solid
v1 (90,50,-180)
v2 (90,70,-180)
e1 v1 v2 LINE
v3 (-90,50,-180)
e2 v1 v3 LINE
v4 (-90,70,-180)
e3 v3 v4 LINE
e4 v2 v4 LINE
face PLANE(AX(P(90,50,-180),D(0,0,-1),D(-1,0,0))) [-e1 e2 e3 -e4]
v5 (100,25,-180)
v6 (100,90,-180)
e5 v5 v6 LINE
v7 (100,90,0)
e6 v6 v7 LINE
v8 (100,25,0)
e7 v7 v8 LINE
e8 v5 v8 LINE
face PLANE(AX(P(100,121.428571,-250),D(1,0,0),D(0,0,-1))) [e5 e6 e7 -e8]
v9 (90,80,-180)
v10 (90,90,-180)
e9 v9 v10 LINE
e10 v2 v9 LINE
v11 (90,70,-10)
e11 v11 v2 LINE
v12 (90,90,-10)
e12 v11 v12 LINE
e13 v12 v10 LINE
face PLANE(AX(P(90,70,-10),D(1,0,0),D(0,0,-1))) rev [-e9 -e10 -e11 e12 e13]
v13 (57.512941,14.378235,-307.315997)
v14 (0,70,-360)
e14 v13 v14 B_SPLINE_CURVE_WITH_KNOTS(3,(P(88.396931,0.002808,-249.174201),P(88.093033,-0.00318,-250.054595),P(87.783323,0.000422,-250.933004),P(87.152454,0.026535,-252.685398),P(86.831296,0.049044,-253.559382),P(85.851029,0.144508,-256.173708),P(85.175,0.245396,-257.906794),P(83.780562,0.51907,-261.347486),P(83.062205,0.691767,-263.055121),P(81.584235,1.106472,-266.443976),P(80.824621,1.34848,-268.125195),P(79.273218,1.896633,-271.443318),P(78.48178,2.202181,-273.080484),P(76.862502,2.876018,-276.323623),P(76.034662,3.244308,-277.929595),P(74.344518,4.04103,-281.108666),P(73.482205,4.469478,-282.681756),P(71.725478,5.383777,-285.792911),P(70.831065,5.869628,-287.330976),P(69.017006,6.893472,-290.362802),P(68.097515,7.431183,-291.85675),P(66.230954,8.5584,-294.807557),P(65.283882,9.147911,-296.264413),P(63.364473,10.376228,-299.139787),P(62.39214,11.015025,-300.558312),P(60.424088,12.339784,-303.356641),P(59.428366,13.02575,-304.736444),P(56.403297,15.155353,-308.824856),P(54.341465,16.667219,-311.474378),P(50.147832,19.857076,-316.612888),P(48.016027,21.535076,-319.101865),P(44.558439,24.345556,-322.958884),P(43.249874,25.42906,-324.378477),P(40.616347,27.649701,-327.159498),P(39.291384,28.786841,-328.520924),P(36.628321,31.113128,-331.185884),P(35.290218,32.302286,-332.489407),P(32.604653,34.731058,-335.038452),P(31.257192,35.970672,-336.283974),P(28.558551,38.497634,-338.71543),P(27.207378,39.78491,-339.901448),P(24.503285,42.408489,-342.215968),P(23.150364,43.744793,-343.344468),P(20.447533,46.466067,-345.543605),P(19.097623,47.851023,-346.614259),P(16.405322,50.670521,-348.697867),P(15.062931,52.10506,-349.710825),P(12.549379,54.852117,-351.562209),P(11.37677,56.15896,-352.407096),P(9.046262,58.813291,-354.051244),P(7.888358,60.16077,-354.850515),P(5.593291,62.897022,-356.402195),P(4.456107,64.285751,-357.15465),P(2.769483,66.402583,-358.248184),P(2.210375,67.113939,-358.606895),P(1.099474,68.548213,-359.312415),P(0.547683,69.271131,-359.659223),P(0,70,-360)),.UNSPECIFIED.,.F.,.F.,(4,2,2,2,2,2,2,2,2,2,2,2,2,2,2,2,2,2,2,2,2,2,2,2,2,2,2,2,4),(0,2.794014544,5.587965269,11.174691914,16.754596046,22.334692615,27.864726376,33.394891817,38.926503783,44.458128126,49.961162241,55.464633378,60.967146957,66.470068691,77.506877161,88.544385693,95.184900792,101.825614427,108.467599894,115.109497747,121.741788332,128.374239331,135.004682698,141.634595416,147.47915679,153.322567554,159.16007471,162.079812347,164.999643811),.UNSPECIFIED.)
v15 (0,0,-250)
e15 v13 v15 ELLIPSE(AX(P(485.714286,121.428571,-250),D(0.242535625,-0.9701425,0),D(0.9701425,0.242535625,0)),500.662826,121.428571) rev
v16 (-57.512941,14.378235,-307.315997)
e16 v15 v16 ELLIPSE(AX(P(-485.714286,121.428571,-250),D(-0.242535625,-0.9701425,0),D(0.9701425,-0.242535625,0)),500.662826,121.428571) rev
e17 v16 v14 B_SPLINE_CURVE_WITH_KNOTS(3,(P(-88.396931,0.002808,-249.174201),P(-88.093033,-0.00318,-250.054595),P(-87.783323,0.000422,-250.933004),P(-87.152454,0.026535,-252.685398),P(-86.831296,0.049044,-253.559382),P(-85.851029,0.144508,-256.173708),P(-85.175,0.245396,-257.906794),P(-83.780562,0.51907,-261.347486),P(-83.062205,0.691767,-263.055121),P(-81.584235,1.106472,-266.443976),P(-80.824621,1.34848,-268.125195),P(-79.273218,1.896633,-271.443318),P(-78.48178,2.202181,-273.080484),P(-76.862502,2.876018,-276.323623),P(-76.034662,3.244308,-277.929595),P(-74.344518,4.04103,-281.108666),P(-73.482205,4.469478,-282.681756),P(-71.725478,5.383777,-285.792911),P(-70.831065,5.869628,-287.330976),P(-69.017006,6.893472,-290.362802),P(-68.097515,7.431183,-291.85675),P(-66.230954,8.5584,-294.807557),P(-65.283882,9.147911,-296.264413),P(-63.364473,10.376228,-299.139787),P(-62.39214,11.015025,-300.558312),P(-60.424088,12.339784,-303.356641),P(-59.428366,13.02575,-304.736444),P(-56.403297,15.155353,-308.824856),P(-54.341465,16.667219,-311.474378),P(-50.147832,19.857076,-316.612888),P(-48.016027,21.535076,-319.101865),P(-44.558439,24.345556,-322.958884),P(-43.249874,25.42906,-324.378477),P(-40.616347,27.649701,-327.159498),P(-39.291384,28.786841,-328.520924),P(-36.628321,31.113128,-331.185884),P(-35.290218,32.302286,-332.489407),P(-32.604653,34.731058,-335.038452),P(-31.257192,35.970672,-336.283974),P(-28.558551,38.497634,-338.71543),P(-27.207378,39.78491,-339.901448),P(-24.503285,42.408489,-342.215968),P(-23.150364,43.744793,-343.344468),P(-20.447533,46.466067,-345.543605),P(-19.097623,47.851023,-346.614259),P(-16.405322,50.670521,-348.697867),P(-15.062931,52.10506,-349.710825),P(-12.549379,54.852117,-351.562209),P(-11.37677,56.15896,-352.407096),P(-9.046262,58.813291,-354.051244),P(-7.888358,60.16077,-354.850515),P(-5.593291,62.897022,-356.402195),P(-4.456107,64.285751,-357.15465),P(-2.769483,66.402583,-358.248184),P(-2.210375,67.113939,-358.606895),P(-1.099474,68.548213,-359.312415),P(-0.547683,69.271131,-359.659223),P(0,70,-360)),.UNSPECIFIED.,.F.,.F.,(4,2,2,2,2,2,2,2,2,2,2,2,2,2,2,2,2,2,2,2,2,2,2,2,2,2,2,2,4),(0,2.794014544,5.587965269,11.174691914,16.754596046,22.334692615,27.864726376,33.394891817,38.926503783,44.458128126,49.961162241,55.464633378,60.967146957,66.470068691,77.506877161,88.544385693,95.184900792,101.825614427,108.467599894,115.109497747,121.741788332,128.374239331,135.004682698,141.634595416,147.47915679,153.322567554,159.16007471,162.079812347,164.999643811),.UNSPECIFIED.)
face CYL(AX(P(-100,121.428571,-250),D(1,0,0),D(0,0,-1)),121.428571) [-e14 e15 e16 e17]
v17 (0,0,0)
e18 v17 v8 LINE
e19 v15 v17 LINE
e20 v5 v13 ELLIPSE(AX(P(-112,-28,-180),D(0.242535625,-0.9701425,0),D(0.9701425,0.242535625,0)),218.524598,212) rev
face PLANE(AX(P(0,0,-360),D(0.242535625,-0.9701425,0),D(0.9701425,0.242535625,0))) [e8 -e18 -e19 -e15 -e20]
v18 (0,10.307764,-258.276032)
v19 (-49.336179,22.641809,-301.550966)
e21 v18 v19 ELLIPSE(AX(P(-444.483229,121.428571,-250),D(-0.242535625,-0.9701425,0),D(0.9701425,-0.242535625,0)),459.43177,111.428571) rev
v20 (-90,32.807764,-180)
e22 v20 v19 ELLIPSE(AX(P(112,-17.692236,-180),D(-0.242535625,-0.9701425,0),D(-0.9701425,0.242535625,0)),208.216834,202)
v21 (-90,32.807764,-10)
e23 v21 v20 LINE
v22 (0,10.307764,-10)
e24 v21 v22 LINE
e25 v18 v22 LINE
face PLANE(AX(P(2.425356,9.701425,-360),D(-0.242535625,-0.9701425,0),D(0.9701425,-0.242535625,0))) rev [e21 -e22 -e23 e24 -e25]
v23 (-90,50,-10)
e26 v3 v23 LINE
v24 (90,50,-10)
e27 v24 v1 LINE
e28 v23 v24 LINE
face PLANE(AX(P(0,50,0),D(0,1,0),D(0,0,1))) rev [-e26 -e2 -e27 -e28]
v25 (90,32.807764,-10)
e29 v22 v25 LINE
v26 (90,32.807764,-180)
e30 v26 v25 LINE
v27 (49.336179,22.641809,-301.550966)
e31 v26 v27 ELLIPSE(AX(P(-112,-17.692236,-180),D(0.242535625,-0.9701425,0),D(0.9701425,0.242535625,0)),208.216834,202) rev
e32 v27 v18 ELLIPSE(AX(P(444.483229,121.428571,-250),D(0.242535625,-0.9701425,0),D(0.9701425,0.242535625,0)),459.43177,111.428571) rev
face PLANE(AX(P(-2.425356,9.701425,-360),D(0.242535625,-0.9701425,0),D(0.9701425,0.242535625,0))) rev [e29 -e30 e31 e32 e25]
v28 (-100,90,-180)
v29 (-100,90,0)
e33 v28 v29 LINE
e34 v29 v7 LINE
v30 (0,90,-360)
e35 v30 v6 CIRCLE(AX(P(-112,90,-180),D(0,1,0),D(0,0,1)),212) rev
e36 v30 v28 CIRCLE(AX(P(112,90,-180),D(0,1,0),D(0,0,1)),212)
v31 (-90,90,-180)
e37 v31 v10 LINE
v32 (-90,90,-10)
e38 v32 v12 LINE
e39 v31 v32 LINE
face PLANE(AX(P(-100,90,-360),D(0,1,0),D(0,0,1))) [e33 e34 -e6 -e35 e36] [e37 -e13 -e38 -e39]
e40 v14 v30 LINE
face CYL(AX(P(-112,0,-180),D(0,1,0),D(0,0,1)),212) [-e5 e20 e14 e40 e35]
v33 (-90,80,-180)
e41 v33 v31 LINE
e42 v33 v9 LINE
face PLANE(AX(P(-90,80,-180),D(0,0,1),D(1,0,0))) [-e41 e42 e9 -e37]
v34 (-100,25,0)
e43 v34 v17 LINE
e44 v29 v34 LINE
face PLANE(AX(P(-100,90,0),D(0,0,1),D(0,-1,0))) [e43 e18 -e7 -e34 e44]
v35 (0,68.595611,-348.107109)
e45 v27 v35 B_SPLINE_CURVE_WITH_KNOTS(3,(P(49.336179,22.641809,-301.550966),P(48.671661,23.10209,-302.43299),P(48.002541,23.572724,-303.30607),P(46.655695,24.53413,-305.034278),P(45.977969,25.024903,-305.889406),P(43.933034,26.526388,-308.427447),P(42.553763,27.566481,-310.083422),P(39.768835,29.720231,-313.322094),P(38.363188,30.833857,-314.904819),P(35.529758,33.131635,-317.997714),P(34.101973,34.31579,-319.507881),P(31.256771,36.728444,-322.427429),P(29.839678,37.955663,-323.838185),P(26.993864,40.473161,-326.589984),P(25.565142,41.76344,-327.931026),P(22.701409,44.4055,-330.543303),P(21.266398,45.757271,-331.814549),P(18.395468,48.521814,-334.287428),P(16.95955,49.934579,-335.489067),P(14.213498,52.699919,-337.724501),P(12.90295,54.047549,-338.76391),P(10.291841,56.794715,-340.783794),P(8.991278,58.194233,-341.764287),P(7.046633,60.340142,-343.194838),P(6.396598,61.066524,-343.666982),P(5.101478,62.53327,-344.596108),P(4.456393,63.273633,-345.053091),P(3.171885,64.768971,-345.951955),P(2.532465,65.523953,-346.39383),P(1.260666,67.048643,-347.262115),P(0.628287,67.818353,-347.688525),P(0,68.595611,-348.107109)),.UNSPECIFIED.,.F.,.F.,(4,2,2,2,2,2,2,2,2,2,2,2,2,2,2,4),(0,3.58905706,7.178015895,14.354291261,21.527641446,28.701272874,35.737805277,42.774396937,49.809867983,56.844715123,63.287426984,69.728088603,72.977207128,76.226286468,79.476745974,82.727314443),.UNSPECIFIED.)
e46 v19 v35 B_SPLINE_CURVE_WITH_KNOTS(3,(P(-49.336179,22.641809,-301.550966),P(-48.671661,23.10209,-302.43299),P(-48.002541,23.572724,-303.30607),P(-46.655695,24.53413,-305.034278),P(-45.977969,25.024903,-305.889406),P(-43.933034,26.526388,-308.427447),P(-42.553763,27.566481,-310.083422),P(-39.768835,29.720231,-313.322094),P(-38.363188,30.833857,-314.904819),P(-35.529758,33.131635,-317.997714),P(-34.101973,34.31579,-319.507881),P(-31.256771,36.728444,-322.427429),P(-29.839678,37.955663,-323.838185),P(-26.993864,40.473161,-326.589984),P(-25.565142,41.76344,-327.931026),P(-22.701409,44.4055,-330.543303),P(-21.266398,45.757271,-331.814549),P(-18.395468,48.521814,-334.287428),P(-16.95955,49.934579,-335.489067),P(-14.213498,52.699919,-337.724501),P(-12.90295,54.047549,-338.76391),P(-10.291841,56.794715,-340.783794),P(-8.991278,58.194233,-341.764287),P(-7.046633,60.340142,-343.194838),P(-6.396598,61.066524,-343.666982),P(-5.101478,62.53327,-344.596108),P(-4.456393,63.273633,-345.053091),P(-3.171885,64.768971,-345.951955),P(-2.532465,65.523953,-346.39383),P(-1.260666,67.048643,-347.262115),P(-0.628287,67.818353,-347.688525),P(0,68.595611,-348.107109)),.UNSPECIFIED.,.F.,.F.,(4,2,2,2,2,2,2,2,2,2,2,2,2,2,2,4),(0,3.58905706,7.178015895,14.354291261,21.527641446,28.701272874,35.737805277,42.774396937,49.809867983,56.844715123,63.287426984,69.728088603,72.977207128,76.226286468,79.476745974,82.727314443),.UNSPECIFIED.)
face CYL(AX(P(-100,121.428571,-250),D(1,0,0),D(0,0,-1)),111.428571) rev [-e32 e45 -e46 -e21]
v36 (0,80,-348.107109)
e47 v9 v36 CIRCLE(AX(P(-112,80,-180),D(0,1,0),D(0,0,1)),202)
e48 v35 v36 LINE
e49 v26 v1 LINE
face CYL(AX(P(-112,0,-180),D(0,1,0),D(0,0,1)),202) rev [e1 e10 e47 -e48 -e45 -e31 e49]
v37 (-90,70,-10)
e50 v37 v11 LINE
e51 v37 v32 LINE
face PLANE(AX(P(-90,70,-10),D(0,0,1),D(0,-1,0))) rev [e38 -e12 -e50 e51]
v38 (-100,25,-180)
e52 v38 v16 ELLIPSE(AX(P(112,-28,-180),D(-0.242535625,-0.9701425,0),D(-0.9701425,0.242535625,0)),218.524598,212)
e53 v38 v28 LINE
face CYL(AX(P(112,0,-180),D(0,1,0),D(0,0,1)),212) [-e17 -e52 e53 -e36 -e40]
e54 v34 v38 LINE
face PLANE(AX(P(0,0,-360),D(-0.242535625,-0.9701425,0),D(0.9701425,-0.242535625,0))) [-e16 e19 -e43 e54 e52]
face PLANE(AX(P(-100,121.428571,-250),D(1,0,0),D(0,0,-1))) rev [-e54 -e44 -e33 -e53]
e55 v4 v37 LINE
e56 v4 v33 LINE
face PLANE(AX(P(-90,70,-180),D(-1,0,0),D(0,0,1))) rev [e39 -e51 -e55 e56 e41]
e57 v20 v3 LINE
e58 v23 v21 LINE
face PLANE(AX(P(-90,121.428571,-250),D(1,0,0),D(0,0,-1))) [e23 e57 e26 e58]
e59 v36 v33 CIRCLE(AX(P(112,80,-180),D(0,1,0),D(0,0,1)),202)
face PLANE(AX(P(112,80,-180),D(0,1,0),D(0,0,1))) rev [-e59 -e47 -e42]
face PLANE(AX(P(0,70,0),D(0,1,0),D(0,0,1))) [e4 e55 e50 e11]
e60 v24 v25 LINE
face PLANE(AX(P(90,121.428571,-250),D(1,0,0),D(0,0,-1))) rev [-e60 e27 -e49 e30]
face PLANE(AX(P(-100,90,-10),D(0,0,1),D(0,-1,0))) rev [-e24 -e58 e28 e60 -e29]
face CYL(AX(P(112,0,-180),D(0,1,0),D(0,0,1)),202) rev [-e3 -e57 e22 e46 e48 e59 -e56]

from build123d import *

# Parameters (mm, degrees)
BOSS_EXTRUDE1_DEPTH = 100
CUT_EXTRUDE1_DEPTH  = 385.317577012
CUT_EXTRUDE2_DEPTH  = 385.317577012
SHELL1_T            = -10
SKETCH5_W           = 180
SKETCH5_H           = 170
BOSS_EXTRUDE4_DEPTH = 40
SKETCH5_3_W         = 180
SKETCH5_3_H         = 170
CUT_EXTRUDE4_DEPTH  = 20
BOSS_EXTRUDE5_DEPTH = 10


with BuildPart() as part:
    # Sketch2 → Boss-Extrude1 (new, symmetric)
    with BuildSketch(Plane(origin=(0, 0, 0), x_dir=(0, 0, -1), z_dir=(1, 0, 0))):
        with BuildLine():
            Line((0, 0), (250, 0))
            ThreePointArc((250, 0), (315.192024052, 18.983962204), (360, 70))
            Line((360, 70), (360, 90))
            Line((360, 90), (0, 90))
            Line((0, 90), (0, 0))
        make_face()
    extrude(amount=BOSS_EXTRUDE1_DEPTH, both=True)

    # Sketch3 → Cut-Extrude1 (cut, through all)
    with BuildSketch(Plane.XY):
        Polygon((0, 0), (-100, 25), (-100, 0), align=None)
        Polygon((100, 0), (100, 25), (0, 0), align=None)
    extrude(amount=-CUT_EXTRUDE1_DEPTH, mode=Mode.SUBTRACT)

    # Sketch4 → Cut-Extrude2 (cut, through all)
    with BuildSketch(Plane(origin=(0, 90, 0), x_dir=(1, 0, 0), z_dir=(0, 1, 0))):
        with BuildLine():
            Line((100, 360), (0, 360))
            ThreePointArc((0, 360), (73.321342538, 282.95630141), (100, 180))
            Line((100, 180), (100, 360))
        make_face()
        with BuildLine():
            Line((-100, 360), (-100, 180))
            ThreePointArc((-100, 180), (-73.321342538, 282.95630141), (0, 360))
            Line((0, 360), (-100, 360))
        make_face()
    extrude(amount=-CUT_EXTRUDE2_DEPTH, mode=Mode.SUBTRACT)

    # Shell1
    shell1_openings = [part.faces().sort_by_distance(p)[0] for p in [
        (0, 90, -156.338581153),
    ]]
    offset(amount=SHELL1_T, openings=shell1_openings)

    # Sketch5 → Boss-Extrude4 (add)
    with BuildSketch(Plane(origin=(0, 90, 0), x_dir=(1, 0, 0), z_dir=(0, 1, 0))):
        with Locations((0, 95)):
            Rectangle(SKETCH5_W, SKETCH5_H)
    extrude(amount=-BOSS_EXTRUDE4_DEPTH)

    # Sketch5<3> → Cut-Extrude4 (cut)
    with BuildSketch(Plane(origin=(0, 90, 0), x_dir=(1, 0, 0), z_dir=(0, 1, 0))):
        with Locations((0, 95)):
            Rectangle(SKETCH5_3_W, SKETCH5_3_H)
    extrude(amount=-CUT_EXTRUDE4_DEPTH, mode=Mode.SUBTRACT)

    # Sketch8 → Boss-Extrude5 (add)
    with BuildSketch(Plane(origin=(0, 90, 0), x_dir=(1, 0, 0), z_dir=(0, 1, 0))):
        with BuildLine():
            Line((-90, 180), (90, 180))
            ThreePointArc((90, 180), (66.084249725, 275.341491492), (0, 348.107108713))
            ThreePointArc((0, 348.107108713), (-66.084249725, 275.341491492), (-90, 180))
        make_face()
    extrude(amount=-BOSS_EXTRUDE5_DEPTH)


solid = part.part
